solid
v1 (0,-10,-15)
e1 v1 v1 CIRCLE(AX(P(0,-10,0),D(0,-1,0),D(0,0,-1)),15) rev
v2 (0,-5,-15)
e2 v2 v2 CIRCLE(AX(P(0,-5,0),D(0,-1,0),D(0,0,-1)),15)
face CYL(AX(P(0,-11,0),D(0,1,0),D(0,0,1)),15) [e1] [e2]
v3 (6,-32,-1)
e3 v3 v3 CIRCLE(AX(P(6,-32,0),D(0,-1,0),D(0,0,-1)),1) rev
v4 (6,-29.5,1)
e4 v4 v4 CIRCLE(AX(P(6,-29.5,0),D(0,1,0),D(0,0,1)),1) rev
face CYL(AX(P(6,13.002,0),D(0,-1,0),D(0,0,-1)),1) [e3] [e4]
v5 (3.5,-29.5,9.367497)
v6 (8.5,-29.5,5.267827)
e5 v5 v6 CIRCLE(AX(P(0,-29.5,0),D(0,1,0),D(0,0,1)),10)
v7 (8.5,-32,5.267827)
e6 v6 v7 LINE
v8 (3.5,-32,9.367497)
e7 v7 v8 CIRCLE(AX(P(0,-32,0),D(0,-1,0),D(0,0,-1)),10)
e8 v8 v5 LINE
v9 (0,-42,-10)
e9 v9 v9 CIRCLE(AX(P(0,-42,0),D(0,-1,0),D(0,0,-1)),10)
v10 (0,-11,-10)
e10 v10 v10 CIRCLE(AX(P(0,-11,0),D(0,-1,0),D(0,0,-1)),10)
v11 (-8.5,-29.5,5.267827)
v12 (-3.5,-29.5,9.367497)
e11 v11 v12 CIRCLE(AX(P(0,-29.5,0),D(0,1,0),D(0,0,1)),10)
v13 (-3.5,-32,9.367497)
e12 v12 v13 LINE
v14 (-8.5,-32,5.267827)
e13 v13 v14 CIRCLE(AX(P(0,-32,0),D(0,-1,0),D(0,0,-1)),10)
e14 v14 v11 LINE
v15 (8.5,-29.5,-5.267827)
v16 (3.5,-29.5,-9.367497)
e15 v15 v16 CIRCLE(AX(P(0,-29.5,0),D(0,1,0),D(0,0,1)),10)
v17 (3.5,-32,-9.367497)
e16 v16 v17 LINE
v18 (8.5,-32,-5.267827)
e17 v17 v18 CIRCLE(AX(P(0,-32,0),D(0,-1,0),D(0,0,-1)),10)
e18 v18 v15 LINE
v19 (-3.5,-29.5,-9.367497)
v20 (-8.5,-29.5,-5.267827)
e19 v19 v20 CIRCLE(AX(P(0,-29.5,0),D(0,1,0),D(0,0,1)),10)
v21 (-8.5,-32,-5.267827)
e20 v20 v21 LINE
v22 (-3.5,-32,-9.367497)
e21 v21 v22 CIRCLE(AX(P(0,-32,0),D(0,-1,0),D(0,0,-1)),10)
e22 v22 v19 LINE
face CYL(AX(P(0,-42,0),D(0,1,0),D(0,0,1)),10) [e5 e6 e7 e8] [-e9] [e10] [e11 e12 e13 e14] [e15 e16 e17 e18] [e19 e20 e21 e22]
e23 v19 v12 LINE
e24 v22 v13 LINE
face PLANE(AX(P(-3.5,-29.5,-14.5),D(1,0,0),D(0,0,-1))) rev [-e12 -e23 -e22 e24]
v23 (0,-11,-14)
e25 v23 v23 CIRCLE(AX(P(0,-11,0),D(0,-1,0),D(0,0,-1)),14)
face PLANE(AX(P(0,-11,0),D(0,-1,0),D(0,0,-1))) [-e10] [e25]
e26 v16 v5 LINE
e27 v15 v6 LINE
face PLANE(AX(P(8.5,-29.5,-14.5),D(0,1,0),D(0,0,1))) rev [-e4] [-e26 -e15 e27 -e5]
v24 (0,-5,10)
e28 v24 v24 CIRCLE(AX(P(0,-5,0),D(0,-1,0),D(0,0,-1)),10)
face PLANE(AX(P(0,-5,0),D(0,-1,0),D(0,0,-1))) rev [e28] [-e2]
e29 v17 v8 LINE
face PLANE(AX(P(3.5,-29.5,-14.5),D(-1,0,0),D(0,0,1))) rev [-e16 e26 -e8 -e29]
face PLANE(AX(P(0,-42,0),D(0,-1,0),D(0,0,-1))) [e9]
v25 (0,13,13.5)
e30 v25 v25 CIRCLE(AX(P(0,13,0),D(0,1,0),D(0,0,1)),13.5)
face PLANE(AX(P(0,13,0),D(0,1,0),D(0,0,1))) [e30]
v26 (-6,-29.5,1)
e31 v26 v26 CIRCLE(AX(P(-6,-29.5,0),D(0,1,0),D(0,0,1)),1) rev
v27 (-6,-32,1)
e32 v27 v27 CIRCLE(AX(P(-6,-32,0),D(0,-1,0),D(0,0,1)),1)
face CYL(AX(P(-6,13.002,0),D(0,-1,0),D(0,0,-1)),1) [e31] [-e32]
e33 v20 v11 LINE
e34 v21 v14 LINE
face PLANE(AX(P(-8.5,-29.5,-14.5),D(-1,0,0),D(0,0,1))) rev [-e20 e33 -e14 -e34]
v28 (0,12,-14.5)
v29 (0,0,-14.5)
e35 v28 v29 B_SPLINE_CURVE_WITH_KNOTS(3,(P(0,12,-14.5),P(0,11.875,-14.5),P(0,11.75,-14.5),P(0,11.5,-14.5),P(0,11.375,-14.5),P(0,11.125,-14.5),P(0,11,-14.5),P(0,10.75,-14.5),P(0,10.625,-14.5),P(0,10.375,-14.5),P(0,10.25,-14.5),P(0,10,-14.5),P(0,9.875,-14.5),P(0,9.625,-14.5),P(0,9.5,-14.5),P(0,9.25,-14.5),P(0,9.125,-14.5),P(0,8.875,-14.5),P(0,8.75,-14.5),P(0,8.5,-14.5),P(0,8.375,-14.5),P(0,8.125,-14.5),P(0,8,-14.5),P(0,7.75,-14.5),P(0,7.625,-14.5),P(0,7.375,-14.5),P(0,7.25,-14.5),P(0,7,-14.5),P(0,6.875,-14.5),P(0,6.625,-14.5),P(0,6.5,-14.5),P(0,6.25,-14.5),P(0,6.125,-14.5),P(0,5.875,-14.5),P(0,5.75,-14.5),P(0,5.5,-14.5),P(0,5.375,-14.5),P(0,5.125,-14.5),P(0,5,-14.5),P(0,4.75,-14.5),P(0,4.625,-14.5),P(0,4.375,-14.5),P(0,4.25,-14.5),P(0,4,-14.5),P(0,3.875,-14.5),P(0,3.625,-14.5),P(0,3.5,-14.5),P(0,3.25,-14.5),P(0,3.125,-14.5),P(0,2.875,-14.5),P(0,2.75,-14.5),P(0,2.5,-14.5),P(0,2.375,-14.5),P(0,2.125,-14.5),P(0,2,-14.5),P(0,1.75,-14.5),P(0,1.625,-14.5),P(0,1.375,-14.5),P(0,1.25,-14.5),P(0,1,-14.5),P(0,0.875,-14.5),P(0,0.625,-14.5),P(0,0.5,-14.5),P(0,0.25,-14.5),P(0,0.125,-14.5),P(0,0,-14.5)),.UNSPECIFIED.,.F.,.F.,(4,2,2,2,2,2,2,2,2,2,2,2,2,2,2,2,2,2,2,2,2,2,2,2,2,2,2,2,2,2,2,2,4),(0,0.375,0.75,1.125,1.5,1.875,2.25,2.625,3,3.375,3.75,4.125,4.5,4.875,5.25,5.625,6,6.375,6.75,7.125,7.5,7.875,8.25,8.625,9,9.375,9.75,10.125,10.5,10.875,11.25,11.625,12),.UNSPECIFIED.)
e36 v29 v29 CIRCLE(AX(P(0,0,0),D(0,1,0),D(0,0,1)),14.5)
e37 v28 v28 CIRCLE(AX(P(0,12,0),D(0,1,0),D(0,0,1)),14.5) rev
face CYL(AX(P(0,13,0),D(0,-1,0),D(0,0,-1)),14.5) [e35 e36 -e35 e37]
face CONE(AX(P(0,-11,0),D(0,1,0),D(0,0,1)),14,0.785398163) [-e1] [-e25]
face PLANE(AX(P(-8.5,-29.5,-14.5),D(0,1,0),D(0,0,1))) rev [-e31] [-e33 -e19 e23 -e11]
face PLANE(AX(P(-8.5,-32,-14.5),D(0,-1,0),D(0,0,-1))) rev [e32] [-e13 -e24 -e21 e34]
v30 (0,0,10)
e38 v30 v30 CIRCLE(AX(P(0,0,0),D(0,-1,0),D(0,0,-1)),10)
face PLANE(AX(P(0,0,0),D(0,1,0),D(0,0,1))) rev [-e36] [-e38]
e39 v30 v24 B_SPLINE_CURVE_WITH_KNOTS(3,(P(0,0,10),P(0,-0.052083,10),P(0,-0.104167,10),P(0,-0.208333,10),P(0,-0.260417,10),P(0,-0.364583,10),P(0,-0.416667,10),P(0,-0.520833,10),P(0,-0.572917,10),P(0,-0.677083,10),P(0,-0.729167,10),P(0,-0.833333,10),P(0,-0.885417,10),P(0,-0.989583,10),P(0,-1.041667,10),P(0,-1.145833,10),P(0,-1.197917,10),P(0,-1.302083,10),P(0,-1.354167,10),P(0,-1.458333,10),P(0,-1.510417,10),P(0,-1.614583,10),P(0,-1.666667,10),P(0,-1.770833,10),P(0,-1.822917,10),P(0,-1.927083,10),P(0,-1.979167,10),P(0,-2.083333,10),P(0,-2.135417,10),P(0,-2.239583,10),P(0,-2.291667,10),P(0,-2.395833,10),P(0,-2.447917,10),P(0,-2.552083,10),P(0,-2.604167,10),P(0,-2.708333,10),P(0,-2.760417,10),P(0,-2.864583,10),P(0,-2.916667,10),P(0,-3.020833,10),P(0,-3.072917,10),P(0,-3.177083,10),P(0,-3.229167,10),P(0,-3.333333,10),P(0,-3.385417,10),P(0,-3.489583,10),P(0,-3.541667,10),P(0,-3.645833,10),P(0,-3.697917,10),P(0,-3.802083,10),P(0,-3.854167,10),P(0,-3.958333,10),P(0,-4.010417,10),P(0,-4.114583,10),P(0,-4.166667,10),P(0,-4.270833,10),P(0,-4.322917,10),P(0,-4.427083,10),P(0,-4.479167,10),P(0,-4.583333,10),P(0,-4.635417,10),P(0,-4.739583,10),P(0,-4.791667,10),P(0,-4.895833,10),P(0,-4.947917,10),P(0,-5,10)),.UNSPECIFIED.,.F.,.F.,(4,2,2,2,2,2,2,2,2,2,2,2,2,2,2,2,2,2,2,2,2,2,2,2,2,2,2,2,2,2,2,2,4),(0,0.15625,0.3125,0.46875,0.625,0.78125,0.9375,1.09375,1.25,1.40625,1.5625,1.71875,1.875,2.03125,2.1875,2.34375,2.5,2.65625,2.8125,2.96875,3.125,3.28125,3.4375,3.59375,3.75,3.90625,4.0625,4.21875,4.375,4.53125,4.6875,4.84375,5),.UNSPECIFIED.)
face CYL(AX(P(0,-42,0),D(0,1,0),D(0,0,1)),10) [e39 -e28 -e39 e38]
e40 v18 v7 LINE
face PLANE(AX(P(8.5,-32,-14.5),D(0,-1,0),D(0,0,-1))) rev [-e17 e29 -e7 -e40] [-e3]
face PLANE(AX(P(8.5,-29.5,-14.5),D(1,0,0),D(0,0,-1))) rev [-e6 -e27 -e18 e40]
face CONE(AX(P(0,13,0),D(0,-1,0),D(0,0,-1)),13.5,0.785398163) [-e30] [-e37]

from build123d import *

# Parameters (mm, degrees)
SKETCH_1_R               = 14.5
EXTRUDE_1_DEPTH          = 13
CHAMFER_1_SIZE           = 1
SKETCH_2_R               = 10
EXTRUDE_2_DEPTH          = 42
CUT_EXTRUDE_1_DEPTH      = 47.738634982
CUT_EXTRUDE_1_DEPTH_BACK = 47.738634982
SKETCH_3_W               = 5
SKETCH_3_H               = 2.5
EXTRUDE_3_REACH          = 51.452
SKETCH_5_R               = 1
EXTRUDE_START            = 5
SKETCH_6_R               = 15
EXTRUDE_4_DEPTH          = 6
CHAMFER_3_SIZE           = 1


with BuildPart() as part:
    # Эскиз1 → Бобышка-Вытянуть1 (new body)
    with BuildSketch(Plane(origin=(0, 0, 0), x_dir=(1, 0, 0), z_dir=(0, 1, 0))):
        with Locations(Location((0, 0, 0), (0, 0, 90))):
            Circle(SKETCH_1_R)
    extrude(amount=EXTRUDE_1_DEPTH)

    # Фаска1
    chamfer_1_edges = [part.edges().sort_by_distance(p)[0] for p in [
        (0, 13, 14.5),
    ]]
    chamfer(chamfer_1_edges, length=CHAMFER_1_SIZE)

    # Эскиз2 → Бобышка-Вытянуть2 (add)
    with BuildSketch(Plane.XZ):
        with Locations(Location((0, 0, 0), (0, 0, 90))):
            Circle(SKETCH_2_R)
    extrude(amount=EXTRUDE_2_DEPTH)

    # Эскиз3 → Вырез-Вытянуть1 (cut, two sides: drawn at the far end of the back side and taken through both)
    with BuildSketch(Plane.XY.offset(-CUT_EXTRUDE_1_DEPTH_BACK)):
        with Locations((-6, -30.75)):
            Rectangle(SKETCH_3_W, SKETCH_3_H)
        with Locations((6, -30.75)):
            Rectangle(SKETCH_3_W, SKETCH_3_H)
    extrude(amount=CUT_EXTRUDE_1_DEPTH + CUT_EXTRUDE_1_DEPTH_BACK, mode=Mode.SUBTRACT)

    # Эскиз5 → Бобышка-Вытянуть3 (add, up to next)
    with BuildSketch(Plane(origin=(0, -32, 0), x_dir=(1, 0, 0), z_dir=(0, 1, 0)), mode=Mode.PRIVATE) as extrude_3_sk1:
        with Locations(Location((6, 0, 0), (0, 0, 90))):
            Circle(SKETCH_5_R)
    extrude_3_tool1 = extrude(extrude_3_sk1.sketch, amount=EXTRUDE_3_REACH, mode=Mode.PRIVATE) - part.part
    extrude_3 = extrude_3_tool1.solids().sort_by_distance((6, -32, 0))[0]
    add(extrude_3)

    # Зеркальное отражение1: Бобышка-Вытянуть3 across plane
    add(extrude_3.mirror(Plane(origin=(0, 0, 0), x_dir=(0, 0, 1), z_dir=(1, 0, 0))))

    # Эскиз6 → Бобышка-Вытянуть4 (add)
    with BuildSketch(Plane.XZ.offset(EXTRUDE_START)):
        with Locations(Location((0, 0, 0), (0, 0, 270))):
            Circle(SKETCH_6_R)
    extrude(amount=EXTRUDE_4_DEPTH)

    # Фаска3
    chamfer_3_edges = [part.edges().sort_by_distance(p)[0] for p in [
        (0, -11, 15),
    ]]
    chamfer(chamfer_3_edges, length=CHAMFER_3_SIZE)


solid = part.part
